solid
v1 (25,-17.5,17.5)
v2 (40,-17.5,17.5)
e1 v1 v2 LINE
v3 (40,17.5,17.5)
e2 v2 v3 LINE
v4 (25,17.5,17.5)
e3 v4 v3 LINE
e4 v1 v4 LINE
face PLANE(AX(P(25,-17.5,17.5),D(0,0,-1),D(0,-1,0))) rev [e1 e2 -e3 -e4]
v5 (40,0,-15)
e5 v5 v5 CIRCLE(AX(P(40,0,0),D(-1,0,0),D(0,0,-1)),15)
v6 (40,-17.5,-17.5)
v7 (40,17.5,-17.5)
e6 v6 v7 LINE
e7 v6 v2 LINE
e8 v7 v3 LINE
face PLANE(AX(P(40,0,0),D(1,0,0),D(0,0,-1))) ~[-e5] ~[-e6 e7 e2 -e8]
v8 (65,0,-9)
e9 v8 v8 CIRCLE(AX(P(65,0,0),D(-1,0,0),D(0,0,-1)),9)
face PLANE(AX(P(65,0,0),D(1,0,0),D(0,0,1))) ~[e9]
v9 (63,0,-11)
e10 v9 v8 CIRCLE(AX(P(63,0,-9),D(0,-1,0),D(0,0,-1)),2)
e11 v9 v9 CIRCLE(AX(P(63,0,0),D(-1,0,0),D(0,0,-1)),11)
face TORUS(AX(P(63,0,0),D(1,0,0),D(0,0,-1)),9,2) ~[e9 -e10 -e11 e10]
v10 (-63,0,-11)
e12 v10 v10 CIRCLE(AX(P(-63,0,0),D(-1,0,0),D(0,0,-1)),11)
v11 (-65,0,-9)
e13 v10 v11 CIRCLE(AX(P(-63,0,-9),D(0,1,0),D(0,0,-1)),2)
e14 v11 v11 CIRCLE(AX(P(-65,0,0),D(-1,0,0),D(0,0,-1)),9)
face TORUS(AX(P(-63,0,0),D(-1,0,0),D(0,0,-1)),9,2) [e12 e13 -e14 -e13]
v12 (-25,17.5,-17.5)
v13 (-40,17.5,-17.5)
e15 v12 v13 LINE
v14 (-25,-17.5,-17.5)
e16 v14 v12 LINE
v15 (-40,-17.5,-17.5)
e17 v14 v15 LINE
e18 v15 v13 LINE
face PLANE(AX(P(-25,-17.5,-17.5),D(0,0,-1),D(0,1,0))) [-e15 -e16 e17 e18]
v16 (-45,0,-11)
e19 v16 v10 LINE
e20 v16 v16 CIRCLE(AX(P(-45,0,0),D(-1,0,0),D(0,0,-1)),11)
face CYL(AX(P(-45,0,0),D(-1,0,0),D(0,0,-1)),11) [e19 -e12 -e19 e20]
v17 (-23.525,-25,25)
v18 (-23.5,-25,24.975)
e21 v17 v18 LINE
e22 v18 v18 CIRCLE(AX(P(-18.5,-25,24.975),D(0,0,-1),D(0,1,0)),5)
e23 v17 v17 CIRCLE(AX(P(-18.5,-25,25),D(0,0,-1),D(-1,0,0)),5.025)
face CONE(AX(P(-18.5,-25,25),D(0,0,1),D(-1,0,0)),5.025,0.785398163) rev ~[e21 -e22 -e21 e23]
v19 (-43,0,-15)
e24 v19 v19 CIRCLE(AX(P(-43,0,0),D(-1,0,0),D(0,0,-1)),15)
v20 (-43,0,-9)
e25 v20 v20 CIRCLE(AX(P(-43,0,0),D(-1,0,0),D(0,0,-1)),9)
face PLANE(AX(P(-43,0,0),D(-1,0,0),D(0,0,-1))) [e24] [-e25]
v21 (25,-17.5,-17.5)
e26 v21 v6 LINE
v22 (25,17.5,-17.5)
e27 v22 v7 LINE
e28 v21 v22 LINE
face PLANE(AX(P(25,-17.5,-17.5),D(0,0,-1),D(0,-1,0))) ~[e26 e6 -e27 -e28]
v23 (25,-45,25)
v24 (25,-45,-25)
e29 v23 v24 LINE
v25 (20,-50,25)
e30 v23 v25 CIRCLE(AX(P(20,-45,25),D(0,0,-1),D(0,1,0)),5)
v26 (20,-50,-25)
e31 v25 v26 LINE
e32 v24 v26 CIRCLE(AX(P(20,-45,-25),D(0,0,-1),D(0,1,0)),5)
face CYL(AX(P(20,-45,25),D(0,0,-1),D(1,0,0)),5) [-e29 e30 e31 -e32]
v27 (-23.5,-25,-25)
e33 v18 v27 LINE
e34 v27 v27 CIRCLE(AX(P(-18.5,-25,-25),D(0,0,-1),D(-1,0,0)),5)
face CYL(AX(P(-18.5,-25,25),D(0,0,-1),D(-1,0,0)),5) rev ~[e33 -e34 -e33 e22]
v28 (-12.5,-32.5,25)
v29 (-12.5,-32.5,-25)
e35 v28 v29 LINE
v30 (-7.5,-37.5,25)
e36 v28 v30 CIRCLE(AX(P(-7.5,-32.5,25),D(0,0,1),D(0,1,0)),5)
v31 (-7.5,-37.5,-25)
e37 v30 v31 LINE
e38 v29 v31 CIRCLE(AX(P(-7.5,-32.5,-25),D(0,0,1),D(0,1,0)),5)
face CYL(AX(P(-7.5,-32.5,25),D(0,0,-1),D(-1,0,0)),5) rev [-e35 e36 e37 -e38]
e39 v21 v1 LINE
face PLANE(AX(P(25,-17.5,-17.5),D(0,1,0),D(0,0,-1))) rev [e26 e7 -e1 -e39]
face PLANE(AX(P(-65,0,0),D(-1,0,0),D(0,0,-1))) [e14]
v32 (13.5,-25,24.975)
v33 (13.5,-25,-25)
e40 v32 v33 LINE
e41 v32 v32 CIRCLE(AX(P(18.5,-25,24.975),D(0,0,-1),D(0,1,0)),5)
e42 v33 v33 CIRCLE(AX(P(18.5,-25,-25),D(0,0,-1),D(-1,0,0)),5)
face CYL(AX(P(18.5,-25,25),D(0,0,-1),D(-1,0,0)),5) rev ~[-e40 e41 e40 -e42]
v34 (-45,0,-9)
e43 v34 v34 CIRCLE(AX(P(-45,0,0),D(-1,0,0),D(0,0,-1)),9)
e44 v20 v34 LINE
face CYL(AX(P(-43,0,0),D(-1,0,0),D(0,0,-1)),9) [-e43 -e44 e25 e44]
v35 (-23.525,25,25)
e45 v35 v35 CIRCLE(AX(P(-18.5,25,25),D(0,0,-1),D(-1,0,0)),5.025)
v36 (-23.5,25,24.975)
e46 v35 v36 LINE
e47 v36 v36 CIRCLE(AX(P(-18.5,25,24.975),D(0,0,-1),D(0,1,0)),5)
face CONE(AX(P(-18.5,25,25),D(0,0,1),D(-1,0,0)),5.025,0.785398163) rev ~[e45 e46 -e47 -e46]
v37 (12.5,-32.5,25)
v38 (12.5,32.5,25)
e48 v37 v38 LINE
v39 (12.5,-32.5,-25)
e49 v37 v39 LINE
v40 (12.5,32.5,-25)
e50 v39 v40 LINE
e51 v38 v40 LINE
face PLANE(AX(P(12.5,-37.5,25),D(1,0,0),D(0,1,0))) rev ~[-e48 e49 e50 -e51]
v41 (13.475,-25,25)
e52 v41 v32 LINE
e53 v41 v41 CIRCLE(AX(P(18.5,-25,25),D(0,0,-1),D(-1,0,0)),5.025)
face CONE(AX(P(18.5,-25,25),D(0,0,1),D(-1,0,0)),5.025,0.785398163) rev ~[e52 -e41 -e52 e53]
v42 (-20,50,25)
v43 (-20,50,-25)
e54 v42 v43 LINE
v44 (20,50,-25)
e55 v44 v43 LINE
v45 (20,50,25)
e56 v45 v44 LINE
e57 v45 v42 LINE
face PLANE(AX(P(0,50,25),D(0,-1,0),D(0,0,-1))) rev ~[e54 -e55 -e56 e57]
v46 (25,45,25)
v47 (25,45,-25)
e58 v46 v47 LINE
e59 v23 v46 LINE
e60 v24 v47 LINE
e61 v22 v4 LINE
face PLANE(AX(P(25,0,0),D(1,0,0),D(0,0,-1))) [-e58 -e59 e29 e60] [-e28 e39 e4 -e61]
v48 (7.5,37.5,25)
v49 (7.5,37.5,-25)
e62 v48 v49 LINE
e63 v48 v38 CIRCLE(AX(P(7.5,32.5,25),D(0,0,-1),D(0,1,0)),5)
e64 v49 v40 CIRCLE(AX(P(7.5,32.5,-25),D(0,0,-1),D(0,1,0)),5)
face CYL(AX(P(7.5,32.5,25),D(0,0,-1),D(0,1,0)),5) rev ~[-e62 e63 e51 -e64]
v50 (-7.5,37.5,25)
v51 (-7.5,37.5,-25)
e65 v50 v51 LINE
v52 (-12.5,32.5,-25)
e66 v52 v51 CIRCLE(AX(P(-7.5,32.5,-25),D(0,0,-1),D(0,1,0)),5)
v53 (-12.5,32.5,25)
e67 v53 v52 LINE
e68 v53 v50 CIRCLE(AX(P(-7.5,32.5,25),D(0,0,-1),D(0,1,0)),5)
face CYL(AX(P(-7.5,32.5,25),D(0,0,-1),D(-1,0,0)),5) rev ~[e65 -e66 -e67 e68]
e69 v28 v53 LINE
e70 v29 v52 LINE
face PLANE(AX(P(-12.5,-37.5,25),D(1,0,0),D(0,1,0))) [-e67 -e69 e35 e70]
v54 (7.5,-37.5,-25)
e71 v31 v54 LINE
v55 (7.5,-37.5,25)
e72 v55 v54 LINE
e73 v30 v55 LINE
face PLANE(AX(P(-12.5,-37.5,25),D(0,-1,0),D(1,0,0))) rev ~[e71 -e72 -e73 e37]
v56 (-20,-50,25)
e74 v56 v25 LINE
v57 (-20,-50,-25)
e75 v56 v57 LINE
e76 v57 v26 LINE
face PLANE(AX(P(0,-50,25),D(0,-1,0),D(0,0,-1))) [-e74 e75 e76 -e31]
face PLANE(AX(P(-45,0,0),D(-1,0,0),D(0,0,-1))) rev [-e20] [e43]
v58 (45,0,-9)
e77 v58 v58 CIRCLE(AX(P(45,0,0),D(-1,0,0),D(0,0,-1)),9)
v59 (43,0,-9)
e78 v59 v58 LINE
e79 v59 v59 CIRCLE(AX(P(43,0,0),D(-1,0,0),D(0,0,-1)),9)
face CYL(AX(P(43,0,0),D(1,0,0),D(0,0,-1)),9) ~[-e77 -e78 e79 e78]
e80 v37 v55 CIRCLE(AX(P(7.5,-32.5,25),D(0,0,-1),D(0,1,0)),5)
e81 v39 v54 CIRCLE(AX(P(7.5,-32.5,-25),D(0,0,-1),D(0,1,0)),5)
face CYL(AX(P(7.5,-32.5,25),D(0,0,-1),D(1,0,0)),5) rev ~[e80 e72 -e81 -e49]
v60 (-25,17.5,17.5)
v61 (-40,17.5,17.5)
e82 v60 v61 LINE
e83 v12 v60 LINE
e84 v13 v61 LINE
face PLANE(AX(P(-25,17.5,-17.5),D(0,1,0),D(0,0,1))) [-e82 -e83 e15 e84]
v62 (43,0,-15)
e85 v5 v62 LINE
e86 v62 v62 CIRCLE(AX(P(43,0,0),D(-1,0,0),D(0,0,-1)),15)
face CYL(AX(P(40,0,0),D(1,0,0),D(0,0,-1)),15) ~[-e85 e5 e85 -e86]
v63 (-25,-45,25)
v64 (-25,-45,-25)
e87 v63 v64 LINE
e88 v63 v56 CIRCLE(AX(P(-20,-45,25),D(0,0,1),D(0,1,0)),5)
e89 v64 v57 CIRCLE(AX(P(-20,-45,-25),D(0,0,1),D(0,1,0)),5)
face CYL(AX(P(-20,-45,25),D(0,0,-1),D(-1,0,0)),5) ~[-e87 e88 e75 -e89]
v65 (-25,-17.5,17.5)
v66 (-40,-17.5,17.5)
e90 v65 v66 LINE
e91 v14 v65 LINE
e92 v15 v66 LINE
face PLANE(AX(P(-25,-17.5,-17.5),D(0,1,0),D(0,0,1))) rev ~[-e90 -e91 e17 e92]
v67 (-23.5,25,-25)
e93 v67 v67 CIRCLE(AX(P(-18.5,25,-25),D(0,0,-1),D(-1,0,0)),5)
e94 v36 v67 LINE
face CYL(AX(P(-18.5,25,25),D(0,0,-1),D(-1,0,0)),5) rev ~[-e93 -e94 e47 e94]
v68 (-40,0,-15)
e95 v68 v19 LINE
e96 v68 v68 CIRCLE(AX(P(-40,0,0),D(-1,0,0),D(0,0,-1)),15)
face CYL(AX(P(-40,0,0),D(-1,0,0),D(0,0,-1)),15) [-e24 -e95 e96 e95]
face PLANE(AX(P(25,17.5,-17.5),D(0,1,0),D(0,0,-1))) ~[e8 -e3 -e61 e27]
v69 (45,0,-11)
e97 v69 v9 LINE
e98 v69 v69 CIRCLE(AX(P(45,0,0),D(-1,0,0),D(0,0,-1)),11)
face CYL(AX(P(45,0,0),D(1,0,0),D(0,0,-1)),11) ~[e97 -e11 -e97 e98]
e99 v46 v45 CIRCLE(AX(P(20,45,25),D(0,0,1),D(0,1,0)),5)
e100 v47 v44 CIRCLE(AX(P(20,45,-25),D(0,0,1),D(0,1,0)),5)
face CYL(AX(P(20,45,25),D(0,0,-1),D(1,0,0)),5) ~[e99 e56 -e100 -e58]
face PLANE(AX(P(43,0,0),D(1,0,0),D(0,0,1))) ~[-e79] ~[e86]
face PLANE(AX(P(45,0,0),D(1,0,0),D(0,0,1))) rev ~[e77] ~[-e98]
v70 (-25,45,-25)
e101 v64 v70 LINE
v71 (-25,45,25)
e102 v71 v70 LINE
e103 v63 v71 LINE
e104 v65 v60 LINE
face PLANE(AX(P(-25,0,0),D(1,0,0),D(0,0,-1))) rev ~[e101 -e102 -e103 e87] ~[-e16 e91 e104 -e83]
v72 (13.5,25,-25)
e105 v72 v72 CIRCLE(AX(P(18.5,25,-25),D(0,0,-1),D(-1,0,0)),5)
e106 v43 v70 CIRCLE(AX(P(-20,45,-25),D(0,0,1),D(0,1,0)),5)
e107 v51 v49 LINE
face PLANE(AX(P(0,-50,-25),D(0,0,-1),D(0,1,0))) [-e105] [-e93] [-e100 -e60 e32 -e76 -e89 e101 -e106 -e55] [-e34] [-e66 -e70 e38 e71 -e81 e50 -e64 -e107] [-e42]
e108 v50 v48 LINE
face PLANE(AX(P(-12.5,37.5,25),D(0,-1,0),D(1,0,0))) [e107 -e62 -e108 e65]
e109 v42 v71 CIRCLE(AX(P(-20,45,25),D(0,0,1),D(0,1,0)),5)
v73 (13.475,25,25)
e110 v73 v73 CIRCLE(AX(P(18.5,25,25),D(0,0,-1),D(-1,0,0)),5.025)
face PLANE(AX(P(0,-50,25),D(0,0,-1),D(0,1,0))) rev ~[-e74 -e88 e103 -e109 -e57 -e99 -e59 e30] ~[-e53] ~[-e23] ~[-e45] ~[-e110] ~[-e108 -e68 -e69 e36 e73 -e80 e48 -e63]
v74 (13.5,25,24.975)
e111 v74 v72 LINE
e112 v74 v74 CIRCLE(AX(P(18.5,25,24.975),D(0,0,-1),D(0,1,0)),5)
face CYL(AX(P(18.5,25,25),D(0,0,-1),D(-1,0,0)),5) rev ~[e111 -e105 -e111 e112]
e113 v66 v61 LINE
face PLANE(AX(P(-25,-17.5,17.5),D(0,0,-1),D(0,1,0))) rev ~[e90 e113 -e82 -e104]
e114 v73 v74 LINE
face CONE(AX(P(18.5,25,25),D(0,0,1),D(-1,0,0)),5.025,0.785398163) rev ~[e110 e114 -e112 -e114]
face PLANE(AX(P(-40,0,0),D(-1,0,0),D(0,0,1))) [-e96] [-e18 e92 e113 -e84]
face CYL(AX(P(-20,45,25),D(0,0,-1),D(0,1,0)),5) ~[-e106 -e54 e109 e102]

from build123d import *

# Parameters (mm, degrees)
SKETCH1_W                        = 50
SKETCH1_H                        = 100
BOSS_EXTRUDE1_DEPTH              = 25
FILLET1_R                        = 5
SKETCH2_W                        = 25
SKETCH2_H                        = 75
CUT_EXTRUDE1_DEPTH               = 50
FILLET2_R                        = 5
SKETCH4_W                        = 35
SKETCH4_H                        = 35
BOSS_EXTRUDE2_DEPTH              = 15
FILLET7_R                        = 2
FILLET8_R                        = 2
F_10_0MM_DOWEL_HOLE1_D           = 10
F_10_0MM_DOWEL_HOLE1_CSINK_D     = 10.05
F_10_0MM_DOWEL_HOLE1_CSINK_ANGLE = 90


with BuildPart() as part:
    # Sketch1 → Boss-Extrude1 (new, symmetric)
    with BuildSketch(Plane(origin=(0, 0, 0), x_dir=(0, 0, -1), z_dir=(1, 0, 0))):
        Rectangle(SKETCH1_W, SKETCH1_H)
    extrude(amount=BOSS_EXTRUDE1_DEPTH, both=True)

    # Fillet1
    fillet1_edges = [part.edges().sort_by_distance(p)[0] for p in [
        (25, -50, 0),
        (-25, -50, 0),
        (-25, 50, 0),
        (25, 50, 0),
    ]]
    fillet(fillet1_edges, radius=FILLET1_R)

    # Sketch2 → Cut-Extrude1 (cut)
    with BuildSketch(Plane.XY.offset(25)):
        Rectangle(SKETCH2_W, SKETCH2_H)
    extrude(amount=-CUT_EXTRUDE1_DEPTH, mode=Mode.SUBTRACT)

    # Fillet2
    fillet2_edges = [part.edges().sort_by_distance(p)[0] for p in [
        (12.5, 37.5, 0),
        (12.5, -37.5, 0),
        (-12.5, -37.5, 0),
        (-12.5, 37.5, 0),
    ]]
    fillet(fillet2_edges, radius=FILLET2_R)

    # Sketch4 → Boss-Extrude2 (add)
    with BuildSketch(Plane.ZY.offset(25)):
        Rectangle(SKETCH4_W, SKETCH4_H)
    boss_extrude2 = extrude(amount=BOSS_EXTRUDE2_DEPTH)

    # Mirror1: Boss-Extrude2 across plane
    add(boss_extrude2.mirror(Plane(origin=(0, 0, 0), x_dir=(0, 0, 1), z_dir=(1, 0, 0))))

    # Sketch6 → Revolve1 (revolve)
    with BuildSketch(Plane.XY, mode=Mode.PRIVATE) as revolve1_sk:
        Polygon((-40, 15), (-43, 15), (-43, 9), (-45, 9), (-45, 11), (-65, 11), (-65, 0), (-40, 0), align=None)
    revolve1 = revolve(revolve1_sk.sketch.rotate(Axis((0, 0, 0), (-1, 0, 0)), 90), axis=Axis((0, 0, 0), (-1, 0, 0)))

    # Mirror2: Revolve1 across plane
    add(revolve1.mirror(Plane(origin=(0, 0, 0), x_dir=(0, 0, 1), z_dir=(1, 0, 0))))

    # Fillet7
    fillet7_edges = [part.edges().sort_by_distance(p)[0] for p in [
        (-65, 0, 11),
    ]]
    fillet(fillet7_edges, radius=FILLET7_R)

    # Fillet8
    fillet8_edges = [part.edges().sort_by_distance(p)[0] for p in [
        (65, 0, 11),
    ]]
    fillet(fillet8_edges, radius=FILLET8_R)

    # Ø10.0mm Dowel Hole1 (through all)
    with Locations(Plane.XY.offset(25)):
        with Locations((18.5, 25), (18.5, -25), (-18.5, -25), (-18.5, 25)):
            CounterSinkHole(F_10_0MM_DOWEL_HOLE1_D / 2, F_10_0MM_DOWEL_HOLE1_CSINK_D / 2, counter_sink_angle=F_10_0MM_DOWEL_HOLE1_CSINK_ANGLE)


solid = part.part
